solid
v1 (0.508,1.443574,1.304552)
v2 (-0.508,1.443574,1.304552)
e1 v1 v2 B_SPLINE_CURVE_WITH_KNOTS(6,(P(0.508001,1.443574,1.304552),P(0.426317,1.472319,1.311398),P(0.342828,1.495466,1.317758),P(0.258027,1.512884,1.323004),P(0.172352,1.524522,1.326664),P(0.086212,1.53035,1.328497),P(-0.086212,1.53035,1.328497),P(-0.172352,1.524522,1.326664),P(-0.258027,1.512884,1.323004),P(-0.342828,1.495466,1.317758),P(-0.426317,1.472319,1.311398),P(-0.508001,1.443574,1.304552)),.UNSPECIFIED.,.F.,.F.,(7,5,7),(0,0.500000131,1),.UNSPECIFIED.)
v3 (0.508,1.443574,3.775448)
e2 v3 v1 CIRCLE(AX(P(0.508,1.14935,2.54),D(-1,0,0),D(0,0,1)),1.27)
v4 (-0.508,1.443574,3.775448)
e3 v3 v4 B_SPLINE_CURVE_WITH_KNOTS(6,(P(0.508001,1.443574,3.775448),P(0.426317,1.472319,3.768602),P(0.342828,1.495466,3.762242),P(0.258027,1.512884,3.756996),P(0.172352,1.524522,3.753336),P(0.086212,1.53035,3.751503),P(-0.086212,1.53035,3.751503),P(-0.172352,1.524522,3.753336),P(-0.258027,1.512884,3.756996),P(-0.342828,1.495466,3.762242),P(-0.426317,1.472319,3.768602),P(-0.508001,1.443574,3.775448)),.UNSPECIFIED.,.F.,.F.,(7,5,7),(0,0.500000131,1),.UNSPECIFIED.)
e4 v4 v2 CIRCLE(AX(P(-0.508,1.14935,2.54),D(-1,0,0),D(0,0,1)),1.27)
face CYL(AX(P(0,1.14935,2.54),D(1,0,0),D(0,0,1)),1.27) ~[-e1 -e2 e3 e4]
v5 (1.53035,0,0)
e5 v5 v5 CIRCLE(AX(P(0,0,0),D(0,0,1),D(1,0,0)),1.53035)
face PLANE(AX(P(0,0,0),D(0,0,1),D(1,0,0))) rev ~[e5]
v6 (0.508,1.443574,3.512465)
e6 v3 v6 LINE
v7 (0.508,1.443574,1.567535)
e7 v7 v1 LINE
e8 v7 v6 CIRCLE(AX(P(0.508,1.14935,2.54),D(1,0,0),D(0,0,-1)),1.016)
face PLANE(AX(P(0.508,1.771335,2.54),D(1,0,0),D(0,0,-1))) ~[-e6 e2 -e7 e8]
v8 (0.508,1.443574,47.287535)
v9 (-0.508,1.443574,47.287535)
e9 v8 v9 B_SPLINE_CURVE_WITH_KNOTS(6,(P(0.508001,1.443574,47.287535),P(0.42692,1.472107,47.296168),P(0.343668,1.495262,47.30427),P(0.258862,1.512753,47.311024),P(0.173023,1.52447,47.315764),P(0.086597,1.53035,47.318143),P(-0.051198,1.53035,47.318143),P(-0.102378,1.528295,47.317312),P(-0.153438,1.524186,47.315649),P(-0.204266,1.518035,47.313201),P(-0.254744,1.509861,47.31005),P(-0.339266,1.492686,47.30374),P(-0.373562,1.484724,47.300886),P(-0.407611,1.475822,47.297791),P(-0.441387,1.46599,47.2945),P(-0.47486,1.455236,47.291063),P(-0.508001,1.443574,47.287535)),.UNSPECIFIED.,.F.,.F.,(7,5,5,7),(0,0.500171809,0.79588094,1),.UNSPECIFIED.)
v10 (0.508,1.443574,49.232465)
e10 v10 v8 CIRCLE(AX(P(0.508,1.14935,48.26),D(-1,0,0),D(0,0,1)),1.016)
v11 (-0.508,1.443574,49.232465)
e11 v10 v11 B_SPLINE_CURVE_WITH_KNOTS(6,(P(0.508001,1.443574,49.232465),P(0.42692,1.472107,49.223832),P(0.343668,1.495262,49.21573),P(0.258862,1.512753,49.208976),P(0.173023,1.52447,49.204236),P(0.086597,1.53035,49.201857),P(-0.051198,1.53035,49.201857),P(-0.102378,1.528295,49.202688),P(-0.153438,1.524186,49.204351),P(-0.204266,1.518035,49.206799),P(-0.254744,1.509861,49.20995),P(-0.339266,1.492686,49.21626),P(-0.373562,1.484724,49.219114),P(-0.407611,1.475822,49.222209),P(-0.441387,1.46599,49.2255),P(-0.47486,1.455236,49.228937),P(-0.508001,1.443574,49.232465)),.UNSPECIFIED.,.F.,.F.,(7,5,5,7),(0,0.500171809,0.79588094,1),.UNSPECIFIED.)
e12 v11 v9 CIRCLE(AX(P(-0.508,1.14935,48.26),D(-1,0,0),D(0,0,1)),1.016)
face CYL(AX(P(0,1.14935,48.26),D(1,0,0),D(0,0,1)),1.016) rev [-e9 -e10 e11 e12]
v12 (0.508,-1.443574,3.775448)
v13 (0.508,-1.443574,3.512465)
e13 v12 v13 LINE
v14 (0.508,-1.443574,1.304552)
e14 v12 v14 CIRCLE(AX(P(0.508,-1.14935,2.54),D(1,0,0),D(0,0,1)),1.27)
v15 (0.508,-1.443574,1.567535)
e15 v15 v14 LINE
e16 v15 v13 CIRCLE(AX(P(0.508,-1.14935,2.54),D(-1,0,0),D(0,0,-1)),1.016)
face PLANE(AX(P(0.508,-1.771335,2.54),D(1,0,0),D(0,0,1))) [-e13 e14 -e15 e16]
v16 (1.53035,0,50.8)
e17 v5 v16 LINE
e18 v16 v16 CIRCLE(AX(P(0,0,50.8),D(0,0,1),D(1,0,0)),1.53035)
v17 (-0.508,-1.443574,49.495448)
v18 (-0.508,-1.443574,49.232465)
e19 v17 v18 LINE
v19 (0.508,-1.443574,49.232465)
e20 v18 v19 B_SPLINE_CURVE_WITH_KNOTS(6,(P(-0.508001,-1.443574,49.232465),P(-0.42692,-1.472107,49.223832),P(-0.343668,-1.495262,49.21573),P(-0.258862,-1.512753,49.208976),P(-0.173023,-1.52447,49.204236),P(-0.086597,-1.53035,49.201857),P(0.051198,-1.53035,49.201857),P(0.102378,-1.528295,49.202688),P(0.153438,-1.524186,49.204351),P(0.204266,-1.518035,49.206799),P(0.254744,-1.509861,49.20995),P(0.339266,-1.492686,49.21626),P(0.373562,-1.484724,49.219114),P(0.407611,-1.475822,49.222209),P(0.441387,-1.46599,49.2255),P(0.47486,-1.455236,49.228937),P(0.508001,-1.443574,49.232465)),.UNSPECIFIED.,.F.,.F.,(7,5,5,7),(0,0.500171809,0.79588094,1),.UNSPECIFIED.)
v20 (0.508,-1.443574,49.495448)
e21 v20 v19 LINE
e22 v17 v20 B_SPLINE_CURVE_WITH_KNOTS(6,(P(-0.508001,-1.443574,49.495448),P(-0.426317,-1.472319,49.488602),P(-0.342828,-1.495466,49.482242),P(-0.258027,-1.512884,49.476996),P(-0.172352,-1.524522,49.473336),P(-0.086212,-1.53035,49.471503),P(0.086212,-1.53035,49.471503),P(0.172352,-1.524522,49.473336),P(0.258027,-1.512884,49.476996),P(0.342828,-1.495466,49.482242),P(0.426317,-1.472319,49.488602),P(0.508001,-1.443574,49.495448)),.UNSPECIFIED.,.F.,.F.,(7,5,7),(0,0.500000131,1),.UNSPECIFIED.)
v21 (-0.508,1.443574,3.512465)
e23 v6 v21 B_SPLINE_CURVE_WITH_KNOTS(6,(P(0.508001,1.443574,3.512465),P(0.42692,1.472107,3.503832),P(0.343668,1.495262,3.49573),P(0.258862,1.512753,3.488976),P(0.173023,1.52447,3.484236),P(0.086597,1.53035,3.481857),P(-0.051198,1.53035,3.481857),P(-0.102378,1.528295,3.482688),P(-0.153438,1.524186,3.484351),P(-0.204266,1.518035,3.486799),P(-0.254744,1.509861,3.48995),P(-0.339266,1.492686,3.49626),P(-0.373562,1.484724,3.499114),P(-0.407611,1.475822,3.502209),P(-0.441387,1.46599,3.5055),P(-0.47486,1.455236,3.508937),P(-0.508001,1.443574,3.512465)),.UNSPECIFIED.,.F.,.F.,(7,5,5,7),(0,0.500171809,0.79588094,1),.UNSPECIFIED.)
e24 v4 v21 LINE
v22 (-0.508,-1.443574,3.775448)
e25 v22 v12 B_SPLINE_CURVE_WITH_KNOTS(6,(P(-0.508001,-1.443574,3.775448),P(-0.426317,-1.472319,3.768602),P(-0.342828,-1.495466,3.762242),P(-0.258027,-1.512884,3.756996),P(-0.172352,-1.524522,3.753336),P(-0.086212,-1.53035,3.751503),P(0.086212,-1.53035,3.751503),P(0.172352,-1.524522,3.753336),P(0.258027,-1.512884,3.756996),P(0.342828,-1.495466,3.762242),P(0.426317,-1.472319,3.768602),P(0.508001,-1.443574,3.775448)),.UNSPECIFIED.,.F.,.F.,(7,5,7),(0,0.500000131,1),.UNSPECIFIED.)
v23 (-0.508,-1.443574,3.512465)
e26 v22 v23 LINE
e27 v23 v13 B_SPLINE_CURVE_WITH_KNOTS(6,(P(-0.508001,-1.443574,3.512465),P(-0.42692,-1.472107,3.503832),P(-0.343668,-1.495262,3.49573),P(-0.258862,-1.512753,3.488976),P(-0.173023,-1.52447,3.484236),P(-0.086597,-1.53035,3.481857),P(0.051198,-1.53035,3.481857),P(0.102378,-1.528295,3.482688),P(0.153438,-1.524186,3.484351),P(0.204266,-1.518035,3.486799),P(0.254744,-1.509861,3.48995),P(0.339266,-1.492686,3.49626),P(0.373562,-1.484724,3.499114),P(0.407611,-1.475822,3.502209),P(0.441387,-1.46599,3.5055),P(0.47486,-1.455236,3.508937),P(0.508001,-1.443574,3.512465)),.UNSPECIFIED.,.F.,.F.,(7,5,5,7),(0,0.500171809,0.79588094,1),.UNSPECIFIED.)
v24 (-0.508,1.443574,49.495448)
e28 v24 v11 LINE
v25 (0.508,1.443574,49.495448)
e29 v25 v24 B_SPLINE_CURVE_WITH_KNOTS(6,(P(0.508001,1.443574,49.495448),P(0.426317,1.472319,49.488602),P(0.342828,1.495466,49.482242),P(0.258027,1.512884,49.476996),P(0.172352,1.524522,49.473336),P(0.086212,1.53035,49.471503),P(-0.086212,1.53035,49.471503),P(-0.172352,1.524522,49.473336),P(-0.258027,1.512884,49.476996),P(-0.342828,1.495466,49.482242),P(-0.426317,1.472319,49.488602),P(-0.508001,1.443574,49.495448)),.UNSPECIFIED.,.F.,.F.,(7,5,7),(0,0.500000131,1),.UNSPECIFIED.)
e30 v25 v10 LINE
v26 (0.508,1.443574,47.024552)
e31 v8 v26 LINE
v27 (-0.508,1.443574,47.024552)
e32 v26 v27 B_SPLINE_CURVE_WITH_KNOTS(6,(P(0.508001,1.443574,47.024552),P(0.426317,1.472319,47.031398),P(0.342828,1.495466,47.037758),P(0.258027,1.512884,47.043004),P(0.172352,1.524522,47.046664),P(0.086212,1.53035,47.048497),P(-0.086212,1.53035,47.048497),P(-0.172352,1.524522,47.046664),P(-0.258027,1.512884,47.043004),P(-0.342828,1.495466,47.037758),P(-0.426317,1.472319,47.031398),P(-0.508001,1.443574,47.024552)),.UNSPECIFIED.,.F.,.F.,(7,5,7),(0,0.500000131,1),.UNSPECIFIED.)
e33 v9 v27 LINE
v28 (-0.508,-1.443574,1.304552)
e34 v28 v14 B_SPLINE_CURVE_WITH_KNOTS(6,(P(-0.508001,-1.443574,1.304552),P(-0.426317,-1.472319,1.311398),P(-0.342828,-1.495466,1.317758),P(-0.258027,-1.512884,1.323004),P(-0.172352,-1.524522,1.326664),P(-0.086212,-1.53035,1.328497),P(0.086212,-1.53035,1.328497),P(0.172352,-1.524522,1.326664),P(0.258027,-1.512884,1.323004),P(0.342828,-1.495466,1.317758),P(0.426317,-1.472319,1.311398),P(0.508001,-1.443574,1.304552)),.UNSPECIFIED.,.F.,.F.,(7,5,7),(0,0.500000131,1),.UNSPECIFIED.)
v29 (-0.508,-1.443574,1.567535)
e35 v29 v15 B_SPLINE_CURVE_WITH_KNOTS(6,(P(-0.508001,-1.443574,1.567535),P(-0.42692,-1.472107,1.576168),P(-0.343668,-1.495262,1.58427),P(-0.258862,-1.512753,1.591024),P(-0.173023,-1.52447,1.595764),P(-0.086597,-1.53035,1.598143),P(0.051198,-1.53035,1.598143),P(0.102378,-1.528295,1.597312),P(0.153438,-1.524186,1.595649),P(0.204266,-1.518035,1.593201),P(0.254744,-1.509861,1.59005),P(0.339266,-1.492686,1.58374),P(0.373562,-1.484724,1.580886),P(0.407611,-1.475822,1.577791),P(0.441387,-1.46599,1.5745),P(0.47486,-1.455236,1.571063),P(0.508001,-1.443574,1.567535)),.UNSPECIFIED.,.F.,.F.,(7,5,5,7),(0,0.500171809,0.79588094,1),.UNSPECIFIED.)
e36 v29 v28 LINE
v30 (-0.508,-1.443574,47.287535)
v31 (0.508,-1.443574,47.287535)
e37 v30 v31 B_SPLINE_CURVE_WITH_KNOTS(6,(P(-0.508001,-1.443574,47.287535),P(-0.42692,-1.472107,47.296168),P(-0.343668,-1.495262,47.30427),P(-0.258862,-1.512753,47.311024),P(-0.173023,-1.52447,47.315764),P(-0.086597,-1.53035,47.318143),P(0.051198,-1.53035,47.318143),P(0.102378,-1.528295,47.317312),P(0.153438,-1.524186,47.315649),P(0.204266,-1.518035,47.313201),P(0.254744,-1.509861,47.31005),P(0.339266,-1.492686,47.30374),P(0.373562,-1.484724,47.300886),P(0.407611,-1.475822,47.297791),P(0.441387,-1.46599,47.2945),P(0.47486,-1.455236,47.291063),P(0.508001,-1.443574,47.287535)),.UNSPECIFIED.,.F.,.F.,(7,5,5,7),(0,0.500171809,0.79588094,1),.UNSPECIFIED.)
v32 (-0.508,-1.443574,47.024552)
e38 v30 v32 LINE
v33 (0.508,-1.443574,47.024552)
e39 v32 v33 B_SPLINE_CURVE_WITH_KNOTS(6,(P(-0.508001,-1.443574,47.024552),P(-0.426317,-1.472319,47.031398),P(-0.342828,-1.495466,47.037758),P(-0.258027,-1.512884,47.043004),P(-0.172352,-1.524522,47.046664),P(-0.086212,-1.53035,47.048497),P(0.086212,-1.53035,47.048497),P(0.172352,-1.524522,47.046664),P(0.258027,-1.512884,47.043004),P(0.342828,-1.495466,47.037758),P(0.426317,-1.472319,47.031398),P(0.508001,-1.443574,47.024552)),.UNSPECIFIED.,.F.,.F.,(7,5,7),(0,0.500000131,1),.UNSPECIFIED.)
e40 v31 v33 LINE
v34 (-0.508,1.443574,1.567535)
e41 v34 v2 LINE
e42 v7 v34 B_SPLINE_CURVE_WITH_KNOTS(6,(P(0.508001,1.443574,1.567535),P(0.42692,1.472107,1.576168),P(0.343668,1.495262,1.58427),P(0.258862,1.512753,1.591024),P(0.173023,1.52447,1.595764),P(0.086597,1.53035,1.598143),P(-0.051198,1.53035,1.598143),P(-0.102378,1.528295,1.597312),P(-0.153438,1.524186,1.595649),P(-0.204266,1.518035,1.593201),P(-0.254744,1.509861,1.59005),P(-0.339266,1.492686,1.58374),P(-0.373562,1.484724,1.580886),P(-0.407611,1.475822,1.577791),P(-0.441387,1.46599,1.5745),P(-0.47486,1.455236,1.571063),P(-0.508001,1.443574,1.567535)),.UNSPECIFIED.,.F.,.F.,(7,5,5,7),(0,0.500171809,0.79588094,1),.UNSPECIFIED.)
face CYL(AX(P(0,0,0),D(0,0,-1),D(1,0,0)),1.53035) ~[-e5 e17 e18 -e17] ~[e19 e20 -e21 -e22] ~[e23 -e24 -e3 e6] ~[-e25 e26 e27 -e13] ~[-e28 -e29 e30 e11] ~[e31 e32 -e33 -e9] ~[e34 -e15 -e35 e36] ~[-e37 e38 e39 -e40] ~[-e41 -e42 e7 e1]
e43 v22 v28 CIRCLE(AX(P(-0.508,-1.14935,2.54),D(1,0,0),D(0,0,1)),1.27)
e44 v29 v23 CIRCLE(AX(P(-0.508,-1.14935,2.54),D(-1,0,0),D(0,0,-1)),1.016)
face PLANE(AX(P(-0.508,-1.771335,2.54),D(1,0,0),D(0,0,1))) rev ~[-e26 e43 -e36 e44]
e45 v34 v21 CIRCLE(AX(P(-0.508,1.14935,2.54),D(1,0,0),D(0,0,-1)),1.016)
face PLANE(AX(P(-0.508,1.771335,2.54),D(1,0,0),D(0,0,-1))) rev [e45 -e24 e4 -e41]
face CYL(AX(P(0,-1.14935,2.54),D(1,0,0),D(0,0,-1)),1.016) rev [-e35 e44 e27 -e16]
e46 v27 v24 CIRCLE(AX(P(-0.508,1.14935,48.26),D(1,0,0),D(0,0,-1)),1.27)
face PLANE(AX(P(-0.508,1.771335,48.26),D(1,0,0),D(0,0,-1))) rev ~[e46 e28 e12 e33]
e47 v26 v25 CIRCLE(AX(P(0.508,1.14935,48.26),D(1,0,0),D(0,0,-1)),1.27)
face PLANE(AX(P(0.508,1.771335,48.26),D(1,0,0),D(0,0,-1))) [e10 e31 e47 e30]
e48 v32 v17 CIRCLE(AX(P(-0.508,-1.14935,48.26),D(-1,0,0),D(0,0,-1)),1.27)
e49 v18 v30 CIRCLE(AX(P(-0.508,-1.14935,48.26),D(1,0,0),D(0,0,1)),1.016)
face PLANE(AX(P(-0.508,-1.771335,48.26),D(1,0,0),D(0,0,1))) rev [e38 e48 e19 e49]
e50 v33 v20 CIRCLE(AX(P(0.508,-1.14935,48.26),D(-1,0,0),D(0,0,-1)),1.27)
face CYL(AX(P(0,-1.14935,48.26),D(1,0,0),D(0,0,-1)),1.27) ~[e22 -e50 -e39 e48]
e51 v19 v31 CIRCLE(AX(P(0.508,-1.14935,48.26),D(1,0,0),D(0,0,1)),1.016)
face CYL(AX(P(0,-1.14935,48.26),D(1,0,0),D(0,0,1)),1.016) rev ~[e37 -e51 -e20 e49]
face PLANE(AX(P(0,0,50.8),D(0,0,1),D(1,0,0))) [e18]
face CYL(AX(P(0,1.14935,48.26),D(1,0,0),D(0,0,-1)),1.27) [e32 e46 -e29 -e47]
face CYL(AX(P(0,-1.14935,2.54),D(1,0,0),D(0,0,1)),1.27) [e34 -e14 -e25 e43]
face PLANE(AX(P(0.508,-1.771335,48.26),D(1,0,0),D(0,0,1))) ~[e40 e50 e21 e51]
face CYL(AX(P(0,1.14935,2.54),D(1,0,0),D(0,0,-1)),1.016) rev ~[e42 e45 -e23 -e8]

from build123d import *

# Parameters (mm, degrees)
SKETCH1_R            = 1.53035
BOSS_EXTRUDE1_DEPTH  = 50.8
BOSS_EXTRUDE2_DEPTH  = 0.508
MIRROR2_COPY_1_DEPTH = 0.508


with BuildPart() as part:
    # Sketch1 → Boss-Extrude1 (new body)
    with BuildSketch(Plane.XY):
        Circle(SKETCH1_R)
    extrude(amount=BOSS_EXTRUDE1_DEPTH)

    # Sketch2 → Boss-Extrude2 (add, symmetric)
    with BuildSketch(Plane(origin=(0, 0, 0), x_dir=(0, 0, -1), z_dir=(1, 0, 0))):
        with BuildLine():
            ThreePointArc((-46.99, 1.14935), (-48.26, 2.41935), (-49.53, 1.14935))
            Line((-49.53, 1.14935), (-49.276, 1.14935))
            ThreePointArc((-49.276, 1.14935), (-48.26, 2.16535), (-47.244, 1.14935))
            Line((-47.244, 1.14935), (-46.99, 1.14935))
        make_face()
    boss_extrude2 = extrude(amount=BOSS_EXTRUDE2_DEPTH, both=True)

    # Mirror1: Boss-Extrude2 across plane
    add(boss_extrude2.mirror(Plane.ZX))

    # Mirror2: Boss-Extrude2 across plane
    add(boss_extrude2.mirror(Plane(origin=(0, 0, 25.4), x_dir=(1, 0, 0), z_dir=(0, 0, -1))))

    # Mirror2 copy 1 sketch → Mirror2 copy 1 (add, symmetric)
    with BuildSketch(Plane(origin=(0, 0, 50.8), x_dir=(0, 0, 1), z_dir=(1, 0, 0))):
        with BuildLine():
            ThreePointArc((-46.99, 1.14935), (-48.26, 2.41935), (-49.53, 1.14935))
            Line((-49.53, 1.14935), (-49.276, 1.14935))
            ThreePointArc((-49.276, 1.14935), (-48.26, 2.16535), (-47.244, 1.14935))
            Line((-47.244, 1.14935), (-46.99, 1.14935))
        make_face()
    extrude(amount=MIRROR2_COPY_1_DEPTH, both=True)


solid = part.part
